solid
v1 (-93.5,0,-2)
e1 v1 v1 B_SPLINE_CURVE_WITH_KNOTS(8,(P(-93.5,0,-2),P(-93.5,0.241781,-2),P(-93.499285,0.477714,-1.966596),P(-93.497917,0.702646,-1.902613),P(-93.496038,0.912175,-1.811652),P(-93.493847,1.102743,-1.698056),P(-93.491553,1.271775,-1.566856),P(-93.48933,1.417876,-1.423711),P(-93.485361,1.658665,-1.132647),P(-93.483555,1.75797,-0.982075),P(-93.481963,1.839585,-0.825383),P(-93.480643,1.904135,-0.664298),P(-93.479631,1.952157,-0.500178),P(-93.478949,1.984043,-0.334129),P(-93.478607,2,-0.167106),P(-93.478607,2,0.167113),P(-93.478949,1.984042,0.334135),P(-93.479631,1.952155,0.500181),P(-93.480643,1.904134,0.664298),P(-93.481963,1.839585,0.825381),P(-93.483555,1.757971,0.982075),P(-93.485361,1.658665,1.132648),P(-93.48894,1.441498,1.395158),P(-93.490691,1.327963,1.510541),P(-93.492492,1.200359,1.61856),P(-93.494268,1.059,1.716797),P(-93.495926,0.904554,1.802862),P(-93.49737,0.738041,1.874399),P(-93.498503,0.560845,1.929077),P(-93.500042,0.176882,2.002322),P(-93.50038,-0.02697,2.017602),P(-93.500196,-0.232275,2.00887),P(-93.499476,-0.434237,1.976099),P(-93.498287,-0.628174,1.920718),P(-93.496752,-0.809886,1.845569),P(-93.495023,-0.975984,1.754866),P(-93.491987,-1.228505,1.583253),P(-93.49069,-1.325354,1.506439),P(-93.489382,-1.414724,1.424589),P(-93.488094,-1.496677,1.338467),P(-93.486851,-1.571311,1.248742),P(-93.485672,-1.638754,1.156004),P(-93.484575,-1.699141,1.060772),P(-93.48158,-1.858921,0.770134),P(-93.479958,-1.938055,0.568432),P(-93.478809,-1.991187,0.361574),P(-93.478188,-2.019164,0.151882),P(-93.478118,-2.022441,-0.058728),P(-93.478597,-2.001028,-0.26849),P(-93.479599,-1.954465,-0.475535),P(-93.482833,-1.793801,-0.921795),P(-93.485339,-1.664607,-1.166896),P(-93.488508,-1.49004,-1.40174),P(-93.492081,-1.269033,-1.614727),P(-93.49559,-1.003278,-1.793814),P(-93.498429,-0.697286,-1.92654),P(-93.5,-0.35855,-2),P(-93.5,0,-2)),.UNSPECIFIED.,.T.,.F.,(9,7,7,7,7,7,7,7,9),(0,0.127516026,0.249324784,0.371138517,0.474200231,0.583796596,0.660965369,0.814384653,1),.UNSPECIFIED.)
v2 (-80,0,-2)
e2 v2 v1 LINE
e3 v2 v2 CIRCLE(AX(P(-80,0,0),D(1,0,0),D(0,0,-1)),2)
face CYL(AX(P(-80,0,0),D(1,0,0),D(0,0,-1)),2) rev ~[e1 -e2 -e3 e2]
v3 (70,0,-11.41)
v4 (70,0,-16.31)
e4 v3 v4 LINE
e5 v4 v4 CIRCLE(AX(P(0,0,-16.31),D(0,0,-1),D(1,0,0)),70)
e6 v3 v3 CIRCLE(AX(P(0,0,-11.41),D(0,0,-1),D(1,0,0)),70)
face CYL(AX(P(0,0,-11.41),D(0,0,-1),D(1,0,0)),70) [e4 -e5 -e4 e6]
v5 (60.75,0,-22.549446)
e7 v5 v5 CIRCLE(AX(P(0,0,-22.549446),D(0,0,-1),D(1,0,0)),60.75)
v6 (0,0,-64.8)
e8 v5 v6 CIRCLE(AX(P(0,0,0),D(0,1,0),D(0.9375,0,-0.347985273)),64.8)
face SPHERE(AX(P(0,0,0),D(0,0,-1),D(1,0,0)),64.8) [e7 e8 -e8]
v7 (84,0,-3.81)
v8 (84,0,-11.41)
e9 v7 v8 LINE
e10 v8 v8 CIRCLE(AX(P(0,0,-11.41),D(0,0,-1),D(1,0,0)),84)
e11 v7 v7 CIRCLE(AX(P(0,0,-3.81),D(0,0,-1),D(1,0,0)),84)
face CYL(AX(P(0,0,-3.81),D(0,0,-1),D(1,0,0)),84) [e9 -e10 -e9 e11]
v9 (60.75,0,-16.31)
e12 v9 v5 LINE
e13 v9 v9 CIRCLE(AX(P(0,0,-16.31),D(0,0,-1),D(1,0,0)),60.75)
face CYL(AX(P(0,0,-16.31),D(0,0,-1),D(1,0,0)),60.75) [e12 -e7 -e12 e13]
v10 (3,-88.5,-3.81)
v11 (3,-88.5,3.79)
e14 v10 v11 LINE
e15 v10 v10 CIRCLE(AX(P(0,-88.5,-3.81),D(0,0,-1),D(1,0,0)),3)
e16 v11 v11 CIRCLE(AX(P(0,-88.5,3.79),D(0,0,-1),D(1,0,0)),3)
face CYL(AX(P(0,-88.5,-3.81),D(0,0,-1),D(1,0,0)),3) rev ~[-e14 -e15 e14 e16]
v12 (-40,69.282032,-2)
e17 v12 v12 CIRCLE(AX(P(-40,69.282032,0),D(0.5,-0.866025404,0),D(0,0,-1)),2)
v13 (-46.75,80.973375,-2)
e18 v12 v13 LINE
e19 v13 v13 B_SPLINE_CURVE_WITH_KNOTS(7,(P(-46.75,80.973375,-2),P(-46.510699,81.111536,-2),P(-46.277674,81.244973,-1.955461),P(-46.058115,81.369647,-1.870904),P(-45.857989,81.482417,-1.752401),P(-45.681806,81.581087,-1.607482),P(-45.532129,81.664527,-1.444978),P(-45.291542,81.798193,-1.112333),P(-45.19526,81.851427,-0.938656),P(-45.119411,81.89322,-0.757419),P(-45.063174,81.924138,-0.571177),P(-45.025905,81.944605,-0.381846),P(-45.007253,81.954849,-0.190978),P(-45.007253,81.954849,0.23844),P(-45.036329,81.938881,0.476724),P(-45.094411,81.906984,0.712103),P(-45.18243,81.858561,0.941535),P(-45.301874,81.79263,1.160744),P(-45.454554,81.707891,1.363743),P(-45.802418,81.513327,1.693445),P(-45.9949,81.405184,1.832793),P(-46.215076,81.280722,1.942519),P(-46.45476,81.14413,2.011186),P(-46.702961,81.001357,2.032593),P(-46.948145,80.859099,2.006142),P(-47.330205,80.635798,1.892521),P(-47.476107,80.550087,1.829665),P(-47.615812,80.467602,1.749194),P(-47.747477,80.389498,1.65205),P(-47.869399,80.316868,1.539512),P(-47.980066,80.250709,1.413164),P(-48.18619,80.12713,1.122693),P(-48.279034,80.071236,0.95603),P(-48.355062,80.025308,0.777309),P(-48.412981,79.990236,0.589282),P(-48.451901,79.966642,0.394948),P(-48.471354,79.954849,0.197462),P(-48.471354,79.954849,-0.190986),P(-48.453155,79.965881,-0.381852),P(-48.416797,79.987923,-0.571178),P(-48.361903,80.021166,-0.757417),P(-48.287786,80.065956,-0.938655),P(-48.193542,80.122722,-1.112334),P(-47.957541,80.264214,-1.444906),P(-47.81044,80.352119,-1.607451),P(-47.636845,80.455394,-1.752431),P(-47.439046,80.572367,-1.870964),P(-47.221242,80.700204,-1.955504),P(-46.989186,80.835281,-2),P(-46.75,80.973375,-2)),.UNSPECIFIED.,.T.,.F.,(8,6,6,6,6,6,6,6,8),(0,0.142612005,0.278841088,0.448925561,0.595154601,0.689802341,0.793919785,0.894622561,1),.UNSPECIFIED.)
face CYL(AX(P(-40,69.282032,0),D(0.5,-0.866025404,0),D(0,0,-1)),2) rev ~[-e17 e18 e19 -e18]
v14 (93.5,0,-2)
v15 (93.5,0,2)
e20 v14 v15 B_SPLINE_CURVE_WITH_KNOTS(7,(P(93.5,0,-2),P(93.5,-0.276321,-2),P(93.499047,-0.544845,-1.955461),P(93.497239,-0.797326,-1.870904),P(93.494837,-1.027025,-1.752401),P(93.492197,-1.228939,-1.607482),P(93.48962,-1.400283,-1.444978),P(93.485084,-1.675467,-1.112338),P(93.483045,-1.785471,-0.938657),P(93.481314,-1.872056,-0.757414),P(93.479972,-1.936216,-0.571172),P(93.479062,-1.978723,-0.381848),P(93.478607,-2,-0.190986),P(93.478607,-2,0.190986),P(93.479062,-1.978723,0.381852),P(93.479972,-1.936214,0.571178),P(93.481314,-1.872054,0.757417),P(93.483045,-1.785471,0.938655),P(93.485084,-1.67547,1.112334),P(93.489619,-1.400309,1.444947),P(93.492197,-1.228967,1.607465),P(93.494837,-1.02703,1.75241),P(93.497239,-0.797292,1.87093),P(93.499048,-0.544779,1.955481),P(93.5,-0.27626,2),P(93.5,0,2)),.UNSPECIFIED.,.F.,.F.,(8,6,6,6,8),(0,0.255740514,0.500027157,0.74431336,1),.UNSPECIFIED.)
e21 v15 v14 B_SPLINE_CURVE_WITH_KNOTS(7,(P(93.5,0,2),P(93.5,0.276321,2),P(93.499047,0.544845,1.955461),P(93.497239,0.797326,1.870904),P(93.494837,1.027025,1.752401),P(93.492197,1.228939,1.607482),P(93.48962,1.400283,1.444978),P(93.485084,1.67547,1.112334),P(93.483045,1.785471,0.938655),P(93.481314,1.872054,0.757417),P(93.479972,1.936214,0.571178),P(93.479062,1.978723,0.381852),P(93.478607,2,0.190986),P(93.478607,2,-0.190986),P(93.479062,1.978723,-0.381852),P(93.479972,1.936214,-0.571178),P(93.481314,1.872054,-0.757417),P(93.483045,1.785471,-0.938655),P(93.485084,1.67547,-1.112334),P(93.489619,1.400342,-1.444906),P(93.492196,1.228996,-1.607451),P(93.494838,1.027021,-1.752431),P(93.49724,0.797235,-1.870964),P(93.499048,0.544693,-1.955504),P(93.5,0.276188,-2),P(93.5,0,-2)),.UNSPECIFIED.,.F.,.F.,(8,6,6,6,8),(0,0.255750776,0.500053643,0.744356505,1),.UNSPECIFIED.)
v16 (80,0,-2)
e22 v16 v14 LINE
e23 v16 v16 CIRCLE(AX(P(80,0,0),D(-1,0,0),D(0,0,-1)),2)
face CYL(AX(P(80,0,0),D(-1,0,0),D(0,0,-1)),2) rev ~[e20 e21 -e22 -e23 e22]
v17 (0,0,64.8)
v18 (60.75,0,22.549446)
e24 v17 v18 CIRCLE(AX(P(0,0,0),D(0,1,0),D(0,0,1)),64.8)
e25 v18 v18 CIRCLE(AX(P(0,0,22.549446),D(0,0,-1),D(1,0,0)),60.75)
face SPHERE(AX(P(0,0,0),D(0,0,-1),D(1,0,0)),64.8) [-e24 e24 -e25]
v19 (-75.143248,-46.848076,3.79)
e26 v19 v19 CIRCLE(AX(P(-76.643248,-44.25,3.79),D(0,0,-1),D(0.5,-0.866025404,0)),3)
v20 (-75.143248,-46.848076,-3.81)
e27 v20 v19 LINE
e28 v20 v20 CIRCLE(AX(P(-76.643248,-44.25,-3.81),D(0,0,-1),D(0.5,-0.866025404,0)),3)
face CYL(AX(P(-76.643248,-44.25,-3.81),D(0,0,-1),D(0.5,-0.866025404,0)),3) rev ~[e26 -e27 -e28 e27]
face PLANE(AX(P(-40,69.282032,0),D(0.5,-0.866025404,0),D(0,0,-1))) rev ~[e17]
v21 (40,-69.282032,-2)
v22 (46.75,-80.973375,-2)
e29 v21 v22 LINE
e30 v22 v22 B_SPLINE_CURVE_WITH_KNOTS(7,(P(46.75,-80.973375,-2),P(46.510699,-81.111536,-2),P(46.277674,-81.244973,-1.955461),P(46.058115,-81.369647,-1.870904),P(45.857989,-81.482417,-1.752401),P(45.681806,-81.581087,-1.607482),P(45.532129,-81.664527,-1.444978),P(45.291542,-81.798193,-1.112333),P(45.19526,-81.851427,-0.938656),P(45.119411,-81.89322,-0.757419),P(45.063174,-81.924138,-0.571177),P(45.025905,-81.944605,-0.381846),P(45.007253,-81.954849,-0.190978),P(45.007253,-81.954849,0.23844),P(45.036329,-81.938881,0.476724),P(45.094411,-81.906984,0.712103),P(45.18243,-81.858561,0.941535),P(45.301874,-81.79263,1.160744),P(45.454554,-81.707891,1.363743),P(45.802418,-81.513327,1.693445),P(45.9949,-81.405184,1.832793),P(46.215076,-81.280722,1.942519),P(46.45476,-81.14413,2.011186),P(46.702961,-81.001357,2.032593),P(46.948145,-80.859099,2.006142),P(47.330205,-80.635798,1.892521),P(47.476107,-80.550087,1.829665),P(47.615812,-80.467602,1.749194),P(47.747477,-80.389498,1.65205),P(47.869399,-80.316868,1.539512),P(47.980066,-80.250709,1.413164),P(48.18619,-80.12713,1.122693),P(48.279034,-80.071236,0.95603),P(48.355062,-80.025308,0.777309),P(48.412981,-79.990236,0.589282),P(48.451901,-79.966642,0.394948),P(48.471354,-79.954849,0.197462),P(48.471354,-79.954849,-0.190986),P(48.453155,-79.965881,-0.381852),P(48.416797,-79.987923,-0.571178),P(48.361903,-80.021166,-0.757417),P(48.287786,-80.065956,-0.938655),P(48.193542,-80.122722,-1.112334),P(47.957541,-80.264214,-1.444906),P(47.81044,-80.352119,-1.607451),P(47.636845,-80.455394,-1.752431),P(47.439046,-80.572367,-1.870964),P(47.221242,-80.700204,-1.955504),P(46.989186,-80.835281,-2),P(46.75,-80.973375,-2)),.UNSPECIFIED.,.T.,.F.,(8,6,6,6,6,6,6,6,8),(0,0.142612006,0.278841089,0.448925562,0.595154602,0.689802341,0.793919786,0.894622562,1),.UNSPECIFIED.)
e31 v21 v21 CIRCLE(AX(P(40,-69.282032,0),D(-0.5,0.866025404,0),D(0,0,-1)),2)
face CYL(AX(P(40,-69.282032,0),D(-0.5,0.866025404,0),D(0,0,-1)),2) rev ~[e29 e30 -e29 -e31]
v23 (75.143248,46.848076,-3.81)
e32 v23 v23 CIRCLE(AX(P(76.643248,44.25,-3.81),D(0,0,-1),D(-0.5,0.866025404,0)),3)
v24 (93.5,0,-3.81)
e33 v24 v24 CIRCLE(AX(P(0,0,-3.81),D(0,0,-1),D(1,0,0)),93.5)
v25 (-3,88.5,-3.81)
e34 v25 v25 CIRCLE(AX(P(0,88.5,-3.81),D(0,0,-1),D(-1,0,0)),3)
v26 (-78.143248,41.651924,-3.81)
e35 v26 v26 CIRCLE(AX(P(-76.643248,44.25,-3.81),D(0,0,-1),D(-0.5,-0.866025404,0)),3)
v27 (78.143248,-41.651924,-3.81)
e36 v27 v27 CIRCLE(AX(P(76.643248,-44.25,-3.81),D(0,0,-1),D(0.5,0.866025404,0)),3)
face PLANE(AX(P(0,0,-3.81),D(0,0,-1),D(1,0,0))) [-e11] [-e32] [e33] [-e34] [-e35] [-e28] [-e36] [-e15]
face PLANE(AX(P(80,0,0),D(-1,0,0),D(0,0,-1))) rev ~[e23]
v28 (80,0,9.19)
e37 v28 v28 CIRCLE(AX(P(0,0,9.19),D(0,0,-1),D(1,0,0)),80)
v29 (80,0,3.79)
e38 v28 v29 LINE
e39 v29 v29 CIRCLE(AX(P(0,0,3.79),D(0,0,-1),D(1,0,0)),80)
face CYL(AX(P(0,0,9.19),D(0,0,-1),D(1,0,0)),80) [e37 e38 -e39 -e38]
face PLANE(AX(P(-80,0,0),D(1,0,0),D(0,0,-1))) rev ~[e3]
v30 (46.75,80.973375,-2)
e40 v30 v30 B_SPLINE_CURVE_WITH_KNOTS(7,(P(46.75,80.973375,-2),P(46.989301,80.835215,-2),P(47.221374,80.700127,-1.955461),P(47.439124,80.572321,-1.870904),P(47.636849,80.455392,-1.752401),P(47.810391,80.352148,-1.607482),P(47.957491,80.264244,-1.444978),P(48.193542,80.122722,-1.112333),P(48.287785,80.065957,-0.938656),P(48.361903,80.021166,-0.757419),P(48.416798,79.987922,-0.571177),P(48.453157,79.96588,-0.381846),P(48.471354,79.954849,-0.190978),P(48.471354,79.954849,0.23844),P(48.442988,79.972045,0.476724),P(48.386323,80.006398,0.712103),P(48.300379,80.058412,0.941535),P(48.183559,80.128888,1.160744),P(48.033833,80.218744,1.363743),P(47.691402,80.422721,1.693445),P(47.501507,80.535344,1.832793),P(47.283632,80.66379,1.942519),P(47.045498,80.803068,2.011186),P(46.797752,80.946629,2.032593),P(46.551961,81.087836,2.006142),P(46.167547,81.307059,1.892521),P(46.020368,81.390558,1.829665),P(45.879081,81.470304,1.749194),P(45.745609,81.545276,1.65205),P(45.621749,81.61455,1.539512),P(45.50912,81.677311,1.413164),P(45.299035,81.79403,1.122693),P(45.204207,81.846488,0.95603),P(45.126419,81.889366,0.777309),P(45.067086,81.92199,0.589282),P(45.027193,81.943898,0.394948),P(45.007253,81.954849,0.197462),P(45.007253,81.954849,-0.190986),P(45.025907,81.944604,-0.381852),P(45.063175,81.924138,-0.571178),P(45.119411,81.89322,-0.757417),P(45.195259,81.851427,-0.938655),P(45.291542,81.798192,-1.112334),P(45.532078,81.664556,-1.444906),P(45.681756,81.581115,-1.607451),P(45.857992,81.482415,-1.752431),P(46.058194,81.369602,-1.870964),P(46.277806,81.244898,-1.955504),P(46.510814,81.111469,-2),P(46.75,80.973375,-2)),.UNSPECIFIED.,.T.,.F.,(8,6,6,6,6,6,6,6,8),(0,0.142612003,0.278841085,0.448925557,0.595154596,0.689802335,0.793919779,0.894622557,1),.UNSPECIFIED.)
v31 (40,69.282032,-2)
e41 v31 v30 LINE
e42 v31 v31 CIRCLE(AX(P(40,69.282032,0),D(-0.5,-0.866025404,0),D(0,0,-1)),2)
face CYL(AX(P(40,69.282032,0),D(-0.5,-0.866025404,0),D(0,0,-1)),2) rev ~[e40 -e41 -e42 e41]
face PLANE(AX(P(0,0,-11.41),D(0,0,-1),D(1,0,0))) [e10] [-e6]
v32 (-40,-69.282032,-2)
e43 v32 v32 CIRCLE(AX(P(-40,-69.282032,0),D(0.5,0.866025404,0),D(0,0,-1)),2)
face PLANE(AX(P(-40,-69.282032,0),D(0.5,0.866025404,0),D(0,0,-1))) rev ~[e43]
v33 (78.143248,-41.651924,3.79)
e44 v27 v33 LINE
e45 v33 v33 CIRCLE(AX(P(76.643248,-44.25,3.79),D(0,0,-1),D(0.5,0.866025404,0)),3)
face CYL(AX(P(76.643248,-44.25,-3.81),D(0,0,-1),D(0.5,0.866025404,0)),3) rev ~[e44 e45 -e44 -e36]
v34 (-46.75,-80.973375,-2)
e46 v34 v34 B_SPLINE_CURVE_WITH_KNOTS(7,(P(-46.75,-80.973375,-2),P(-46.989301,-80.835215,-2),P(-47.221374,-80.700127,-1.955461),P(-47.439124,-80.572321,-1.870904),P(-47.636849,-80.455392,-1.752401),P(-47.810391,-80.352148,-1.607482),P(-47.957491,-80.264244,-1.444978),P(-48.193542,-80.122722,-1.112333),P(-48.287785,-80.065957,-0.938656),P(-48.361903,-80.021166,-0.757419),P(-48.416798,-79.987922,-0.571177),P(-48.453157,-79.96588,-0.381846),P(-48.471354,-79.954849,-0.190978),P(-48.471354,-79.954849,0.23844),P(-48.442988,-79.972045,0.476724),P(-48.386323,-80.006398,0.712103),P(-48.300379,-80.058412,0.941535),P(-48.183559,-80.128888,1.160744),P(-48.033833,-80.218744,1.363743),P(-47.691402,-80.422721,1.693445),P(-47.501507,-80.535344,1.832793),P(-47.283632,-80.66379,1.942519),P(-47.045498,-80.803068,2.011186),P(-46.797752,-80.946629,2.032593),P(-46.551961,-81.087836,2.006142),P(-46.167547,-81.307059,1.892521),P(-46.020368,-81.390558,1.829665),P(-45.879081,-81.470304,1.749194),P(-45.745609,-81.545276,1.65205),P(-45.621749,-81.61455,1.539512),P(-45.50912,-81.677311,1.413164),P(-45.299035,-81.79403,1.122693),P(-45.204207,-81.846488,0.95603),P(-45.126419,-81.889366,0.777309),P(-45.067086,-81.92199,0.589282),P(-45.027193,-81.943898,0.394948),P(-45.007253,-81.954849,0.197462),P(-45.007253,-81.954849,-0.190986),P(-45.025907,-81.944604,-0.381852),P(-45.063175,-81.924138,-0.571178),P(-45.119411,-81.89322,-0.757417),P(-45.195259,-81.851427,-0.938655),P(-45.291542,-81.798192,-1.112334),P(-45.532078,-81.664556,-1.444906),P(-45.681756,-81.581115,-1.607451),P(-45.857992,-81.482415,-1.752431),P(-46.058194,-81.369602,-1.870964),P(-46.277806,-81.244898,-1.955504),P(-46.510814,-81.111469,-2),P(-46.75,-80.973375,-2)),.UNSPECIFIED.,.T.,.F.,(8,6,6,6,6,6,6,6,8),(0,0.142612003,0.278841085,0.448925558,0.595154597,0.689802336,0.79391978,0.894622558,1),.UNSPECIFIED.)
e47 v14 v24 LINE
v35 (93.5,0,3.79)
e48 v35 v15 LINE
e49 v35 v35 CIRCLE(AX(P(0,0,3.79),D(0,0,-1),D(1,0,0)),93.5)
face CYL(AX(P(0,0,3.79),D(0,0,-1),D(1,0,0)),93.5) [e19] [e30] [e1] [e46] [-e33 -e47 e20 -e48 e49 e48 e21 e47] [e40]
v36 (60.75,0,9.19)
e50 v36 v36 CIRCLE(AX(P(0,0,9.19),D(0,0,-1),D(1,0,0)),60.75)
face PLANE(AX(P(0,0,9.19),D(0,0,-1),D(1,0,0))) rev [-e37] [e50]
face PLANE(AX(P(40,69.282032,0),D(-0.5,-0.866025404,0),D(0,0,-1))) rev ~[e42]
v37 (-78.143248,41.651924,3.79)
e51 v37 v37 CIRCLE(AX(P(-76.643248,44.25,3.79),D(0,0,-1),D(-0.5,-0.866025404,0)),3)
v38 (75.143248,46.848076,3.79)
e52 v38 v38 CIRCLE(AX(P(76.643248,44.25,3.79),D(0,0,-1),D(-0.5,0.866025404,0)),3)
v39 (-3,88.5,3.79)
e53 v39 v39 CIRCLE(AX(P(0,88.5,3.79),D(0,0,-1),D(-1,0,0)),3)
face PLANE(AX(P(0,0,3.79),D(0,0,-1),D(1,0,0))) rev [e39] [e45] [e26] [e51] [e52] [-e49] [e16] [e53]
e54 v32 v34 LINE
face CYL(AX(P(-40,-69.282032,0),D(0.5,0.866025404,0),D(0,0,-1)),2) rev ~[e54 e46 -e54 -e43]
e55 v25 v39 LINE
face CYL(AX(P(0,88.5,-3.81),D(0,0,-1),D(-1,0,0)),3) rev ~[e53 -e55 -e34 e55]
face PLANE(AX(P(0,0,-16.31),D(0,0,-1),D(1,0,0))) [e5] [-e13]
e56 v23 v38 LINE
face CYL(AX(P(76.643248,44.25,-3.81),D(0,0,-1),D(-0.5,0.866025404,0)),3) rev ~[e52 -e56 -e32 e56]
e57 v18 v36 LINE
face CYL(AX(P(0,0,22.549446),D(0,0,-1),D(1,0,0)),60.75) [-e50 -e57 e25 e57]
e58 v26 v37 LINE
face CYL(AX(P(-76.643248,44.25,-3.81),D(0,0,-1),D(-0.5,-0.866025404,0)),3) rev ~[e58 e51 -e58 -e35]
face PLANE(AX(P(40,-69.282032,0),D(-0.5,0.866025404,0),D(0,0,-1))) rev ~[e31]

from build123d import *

# Parameters (mm, degrees)
CUT_EXTRUDE1_START = -80
SKETCH6_R          = 2
CUT_EXTRUDE1_DEPTH = 68.253319148
SKETCH7_R          = 3
CUT_EXTRUDE2_DEPTH = 149.969232185
CIRPATTERN1_COUNT  = 6


with BuildPart() as part:
    # Sketch1 → Revolve1 (revolve)
    with BuildSketch(Plane(origin=(0, 0, 0), x_dir=(0, 0, -1), z_dir=(1, 0, 0)), mode=Mode.PRIVATE) as revolve1_sk:
        with BuildLine():
            Line((64.8, 0), (-64.8, 0))
            ThreePointArc((-64.8, 0), (-53.198891339, 36.998891339), (-22.549445669, 60.75))
            Line((-22.549445669, 60.75), (-9.19, 60.75))
            Line((-9.19, 60.75), (-9.19, 80))
            Line((-9.19, 80), (-3.79, 80))
            Line((-3.79, 80), (-3.79, 93.5))
            Line((-3.79, 93.5), (3.81, 93.5))
            Line((3.81, 93.5), (3.81, 84))
            Line((3.81, 84), (11.41, 84))
            Line((11.41, 84), (11.41, 70))
            Line((11.41, 70), (16.31, 70))
            Line((16.31, 70), (16.31, 60.75))
            Line((16.31, 60.75), (22.549445669, 60.75))
            ThreePointArc((22.549445669, 60.75), (53.198891339, 36.998891339), (64.8, 0))
        make_face()
    revolve(revolve1_sk.sketch.rotate(Axis((0, 0, 0), (0, 0, -1)), 90), axis=Axis((0, 0, 0), (0, 0, -1)))

    # Sketch6 → Cut-Extrude1 (cut, through all)
    with BuildSketch(Plane(origin=(0, 0, 0), x_dir=(0, 0, -1), z_dir=(1, 0, 0)).offset(CUT_EXTRUDE1_START)):
        Circle(SKETCH6_R)
    cut_extrude1 = extrude(amount=-CUT_EXTRUDE1_DEPTH, mode=Mode.SUBTRACT)

    # Sketch7 → Cut-Extrude2 (cut, through all)
    with BuildSketch(Plane(origin=(0, 0, -3.81), x_dir=(-1, 0, 0), z_dir=(0, 0, -1))):
        with Locations((0, 88.5)):
            Circle(SKETCH7_R)
    cut_extrude2 = extrude(amount=-CUT_EXTRUDE2_DEPTH, mode=Mode.SUBTRACT)

    # CirPattern1: Cut-Extrude1, Cut-Extrude2 ×6 about axis
    cirpattern1_axis = Axis((0, 0, 0), (0, 0, 1))
    add([cut_extrude1.rotate(cirpattern1_axis, i * 360 / CIRPATTERN1_COUNT) for i in range(1, CIRPATTERN1_COUNT)], mode=Mode.SUBTRACT)
    add([cut_extrude2.rotate(cirpattern1_axis, i * 360 / CIRPATTERN1_COUNT) for i in range(1, CIRPATTERN1_COUNT)], mode=Mode.SUBTRACT)


solid = part.part
